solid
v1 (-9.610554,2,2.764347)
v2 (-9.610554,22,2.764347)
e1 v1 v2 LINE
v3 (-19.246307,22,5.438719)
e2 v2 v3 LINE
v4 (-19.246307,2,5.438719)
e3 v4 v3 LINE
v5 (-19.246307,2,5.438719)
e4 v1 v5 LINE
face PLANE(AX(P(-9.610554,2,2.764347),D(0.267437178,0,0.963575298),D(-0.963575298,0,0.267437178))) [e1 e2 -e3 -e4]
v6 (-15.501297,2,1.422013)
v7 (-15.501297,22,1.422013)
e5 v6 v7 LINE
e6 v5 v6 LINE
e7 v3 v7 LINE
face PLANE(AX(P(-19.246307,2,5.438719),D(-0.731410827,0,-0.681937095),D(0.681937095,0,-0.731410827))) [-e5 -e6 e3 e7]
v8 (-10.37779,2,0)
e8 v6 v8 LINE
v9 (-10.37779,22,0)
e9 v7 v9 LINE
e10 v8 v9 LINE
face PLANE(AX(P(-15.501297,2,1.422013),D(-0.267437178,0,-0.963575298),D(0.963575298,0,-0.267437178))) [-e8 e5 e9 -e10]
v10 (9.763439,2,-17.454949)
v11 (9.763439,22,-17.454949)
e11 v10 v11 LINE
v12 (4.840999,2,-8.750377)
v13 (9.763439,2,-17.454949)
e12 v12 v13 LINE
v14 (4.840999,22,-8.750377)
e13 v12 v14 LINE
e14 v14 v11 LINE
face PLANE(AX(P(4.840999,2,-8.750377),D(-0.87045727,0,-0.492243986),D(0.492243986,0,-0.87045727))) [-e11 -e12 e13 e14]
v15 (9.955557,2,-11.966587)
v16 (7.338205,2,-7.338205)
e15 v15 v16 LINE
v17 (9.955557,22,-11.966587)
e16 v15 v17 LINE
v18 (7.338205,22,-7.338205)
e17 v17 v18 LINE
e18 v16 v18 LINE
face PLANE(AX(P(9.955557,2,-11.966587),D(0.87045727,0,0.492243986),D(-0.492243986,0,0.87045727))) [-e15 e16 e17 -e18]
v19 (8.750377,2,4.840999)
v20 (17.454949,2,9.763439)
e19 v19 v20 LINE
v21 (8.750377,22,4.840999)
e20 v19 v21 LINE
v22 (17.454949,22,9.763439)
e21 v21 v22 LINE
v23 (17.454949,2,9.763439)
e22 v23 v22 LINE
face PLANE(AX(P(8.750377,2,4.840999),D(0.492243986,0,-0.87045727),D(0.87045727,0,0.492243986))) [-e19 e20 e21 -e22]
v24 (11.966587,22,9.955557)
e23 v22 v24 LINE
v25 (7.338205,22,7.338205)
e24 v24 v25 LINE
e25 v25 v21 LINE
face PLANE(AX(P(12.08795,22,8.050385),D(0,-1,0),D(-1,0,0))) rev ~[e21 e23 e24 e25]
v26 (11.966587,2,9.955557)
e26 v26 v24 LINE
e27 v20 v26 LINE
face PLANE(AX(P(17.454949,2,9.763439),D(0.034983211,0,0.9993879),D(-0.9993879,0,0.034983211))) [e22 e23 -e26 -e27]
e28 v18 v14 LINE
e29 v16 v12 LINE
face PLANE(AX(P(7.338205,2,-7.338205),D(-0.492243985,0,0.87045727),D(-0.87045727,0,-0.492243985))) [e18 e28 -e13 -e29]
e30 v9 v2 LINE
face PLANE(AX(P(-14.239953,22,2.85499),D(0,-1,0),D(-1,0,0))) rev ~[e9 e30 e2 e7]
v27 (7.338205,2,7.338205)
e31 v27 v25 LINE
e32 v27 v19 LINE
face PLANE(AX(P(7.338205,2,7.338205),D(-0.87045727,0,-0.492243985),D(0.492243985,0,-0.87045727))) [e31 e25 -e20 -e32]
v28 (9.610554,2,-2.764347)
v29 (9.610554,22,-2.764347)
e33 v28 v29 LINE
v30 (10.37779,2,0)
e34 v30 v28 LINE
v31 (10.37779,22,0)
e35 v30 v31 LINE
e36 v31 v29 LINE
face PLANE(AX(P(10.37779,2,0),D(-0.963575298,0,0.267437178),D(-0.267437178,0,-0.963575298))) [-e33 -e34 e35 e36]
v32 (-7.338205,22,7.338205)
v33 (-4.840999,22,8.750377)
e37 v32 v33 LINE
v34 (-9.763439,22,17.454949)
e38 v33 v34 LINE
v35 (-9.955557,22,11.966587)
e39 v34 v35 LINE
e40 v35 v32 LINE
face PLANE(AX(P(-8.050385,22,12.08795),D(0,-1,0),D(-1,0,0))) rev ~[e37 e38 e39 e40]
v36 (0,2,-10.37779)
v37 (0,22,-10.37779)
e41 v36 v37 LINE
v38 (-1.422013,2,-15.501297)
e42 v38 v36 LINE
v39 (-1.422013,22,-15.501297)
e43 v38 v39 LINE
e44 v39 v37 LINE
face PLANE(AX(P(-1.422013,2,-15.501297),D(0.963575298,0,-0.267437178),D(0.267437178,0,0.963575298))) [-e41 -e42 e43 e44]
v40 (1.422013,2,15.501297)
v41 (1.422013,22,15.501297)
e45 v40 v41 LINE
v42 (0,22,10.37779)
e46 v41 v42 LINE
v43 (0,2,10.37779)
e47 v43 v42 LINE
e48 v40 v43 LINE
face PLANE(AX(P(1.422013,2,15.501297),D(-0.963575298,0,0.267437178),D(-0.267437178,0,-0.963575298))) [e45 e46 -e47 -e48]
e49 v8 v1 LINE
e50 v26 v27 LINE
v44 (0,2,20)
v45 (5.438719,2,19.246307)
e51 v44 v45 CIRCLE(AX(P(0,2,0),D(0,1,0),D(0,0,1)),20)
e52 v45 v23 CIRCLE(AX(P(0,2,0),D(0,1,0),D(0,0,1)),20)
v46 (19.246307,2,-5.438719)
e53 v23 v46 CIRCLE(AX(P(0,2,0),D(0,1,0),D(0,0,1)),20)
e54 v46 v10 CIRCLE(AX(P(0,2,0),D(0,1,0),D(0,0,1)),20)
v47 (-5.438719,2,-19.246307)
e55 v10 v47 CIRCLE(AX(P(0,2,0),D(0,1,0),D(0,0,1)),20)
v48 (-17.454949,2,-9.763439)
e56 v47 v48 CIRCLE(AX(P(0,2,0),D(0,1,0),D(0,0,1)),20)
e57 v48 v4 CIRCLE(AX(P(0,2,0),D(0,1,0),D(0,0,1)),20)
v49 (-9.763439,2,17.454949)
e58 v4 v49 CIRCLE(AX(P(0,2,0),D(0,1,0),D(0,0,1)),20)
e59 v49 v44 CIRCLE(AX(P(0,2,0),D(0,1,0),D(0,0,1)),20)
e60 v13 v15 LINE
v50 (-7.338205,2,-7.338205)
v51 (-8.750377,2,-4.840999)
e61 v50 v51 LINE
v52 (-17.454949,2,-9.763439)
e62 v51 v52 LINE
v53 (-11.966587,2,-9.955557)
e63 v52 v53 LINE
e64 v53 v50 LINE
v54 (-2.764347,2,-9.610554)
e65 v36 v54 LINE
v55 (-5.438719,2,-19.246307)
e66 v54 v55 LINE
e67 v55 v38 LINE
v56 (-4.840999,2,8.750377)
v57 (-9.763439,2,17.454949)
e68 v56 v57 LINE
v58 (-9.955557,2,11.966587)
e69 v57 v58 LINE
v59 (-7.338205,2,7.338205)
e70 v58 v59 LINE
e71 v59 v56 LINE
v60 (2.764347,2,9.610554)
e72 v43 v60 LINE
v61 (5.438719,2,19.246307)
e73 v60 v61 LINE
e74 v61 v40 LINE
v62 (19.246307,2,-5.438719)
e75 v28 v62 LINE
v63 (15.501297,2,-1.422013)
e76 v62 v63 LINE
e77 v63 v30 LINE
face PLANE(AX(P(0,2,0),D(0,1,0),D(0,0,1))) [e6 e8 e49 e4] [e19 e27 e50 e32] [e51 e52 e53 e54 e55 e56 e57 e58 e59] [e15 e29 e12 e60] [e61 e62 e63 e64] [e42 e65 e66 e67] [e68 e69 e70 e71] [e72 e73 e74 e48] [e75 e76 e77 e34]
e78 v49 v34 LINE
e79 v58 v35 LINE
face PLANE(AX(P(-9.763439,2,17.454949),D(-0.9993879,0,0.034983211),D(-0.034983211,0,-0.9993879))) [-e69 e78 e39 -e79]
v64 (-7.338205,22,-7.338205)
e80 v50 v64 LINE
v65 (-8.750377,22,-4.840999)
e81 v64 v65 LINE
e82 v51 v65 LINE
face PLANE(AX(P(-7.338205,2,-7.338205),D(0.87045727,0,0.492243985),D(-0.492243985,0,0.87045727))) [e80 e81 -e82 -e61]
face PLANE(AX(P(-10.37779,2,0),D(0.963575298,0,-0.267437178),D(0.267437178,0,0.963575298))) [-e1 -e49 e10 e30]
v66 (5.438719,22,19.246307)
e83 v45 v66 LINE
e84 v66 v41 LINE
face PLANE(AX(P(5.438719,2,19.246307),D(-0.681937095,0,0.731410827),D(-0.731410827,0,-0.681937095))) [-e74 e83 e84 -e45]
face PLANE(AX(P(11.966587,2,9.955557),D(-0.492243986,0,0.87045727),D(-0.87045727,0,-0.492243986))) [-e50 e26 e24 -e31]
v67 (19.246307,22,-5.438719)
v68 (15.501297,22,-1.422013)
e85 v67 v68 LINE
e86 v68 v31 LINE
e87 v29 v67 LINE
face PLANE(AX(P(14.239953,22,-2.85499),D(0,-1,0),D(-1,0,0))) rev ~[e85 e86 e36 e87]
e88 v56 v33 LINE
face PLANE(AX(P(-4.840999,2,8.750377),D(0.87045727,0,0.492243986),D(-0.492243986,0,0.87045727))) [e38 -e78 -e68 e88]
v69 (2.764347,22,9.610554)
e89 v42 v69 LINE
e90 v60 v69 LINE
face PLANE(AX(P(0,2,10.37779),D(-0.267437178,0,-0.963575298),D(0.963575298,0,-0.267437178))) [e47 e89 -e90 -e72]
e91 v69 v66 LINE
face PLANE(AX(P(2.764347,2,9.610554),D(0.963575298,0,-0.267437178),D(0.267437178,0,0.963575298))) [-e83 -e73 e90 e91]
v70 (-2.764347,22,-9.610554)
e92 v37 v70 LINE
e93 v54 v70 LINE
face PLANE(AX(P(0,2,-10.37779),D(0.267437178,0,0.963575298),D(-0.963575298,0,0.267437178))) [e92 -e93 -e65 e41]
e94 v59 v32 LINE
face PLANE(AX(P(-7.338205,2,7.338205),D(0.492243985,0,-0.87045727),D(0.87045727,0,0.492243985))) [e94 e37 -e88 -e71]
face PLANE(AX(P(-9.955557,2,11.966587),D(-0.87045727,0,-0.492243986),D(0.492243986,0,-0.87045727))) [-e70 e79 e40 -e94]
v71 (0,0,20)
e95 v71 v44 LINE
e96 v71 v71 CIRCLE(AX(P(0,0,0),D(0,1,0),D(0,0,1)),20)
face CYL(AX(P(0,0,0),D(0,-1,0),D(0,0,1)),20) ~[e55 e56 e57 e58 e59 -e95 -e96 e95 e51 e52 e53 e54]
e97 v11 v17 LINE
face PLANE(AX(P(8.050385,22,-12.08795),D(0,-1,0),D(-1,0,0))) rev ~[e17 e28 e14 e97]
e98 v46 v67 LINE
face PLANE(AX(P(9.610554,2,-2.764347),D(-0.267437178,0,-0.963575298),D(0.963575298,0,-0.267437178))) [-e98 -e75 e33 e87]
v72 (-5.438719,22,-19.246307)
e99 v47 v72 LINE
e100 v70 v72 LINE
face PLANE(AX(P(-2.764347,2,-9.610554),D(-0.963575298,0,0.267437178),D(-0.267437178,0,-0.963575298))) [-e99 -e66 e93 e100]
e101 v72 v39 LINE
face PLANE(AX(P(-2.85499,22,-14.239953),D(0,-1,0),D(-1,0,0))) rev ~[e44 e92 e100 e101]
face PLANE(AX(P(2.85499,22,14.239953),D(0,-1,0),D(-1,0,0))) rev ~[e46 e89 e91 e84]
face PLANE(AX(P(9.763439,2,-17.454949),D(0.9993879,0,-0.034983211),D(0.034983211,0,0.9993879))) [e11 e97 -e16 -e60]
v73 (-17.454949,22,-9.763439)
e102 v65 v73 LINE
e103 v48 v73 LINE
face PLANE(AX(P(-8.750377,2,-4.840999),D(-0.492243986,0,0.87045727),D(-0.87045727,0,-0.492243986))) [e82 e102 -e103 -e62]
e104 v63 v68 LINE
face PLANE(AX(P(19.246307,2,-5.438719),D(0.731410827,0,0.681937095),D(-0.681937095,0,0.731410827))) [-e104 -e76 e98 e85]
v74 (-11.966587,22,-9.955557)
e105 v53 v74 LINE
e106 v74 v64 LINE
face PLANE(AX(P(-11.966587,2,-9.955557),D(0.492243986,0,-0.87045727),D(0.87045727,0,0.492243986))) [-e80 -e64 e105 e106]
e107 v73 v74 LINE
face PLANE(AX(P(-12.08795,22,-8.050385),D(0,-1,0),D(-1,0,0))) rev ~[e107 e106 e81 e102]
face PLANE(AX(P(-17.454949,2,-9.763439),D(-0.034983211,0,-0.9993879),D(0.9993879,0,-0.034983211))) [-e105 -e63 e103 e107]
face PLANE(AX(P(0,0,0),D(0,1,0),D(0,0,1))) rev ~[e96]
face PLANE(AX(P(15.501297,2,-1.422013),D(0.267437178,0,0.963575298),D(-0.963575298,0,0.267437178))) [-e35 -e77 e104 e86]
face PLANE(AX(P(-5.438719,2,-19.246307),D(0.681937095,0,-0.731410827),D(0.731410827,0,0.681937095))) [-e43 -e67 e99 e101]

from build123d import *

# Parameters (mm, degrees)
SKETCH_1_R      = 20
EXTRUDE_1_DEPTH = 2
EXTRUDE_2_DEPTH = 20


with BuildPart() as part:
    # 草图1 → 凸台-拉伸1 (new body)
    with BuildSketch(Plane(origin=(0, 0, 0), x_dir=(1, 0, 0), z_dir=(0, 1, 0))):
        with Locations(Location((0, 0, 0), (0, 0, 270))):
            Circle(SKETCH_1_R)
    extrude(amount=EXTRUDE_1_DEPTH)

    # 草图2 → 凸台-拉伸2 (add)
    with BuildSketch(Plane(origin=(0, 2, 0), x_dir=(1, 0, 0), z_dir=(0, 1, 0))):
        Polygon((1.422012769, -15.50129709), (0, -10.377789627), (2.764347063, -9.610554125), (5.438718845, -19.246307109), align=None)
        Polygon((-9.955557418, -11.966587161), (-7.338205419, -7.338205419), (-4.840999439, -8.750376546), (-9.763439294, -17.454949245), align=None)
        Polygon((-15.50129709, -1.422012769), (-10.377789627, 0), (-9.610554125, -2.764347063), (-19.246307109, -5.438718845), align=None)
        Polygon((-11.966587161, 9.955557418), (-7.338205419, 7.338205419), (-8.750376546, 4.840999439), (-17.454949245, 9.763439294), align=None)
        Polygon((-1.422012769, 15.50129709), (0, 10.377789627), (-2.764347063, 9.610554125), (-5.438718845, 19.246307109), align=None)
        Polygon((9.955557418, 11.966587161), (7.338205419, 7.338205419), (4.840999439, 8.750376546), (9.763439294, 17.454949245), align=None)
        Polygon((15.50129709, 1.422012769), (10.377789627, 0), (9.610554125, 2.764347063), (19.246307109, 5.438718845), align=None)
        Polygon((11.966587161, -9.955557418), (7.338205419, -7.338205419), (8.750376546, -4.840999439), (17.454949245, -9.763439294), align=None)
    extrude(amount=EXTRUDE_2_DEPTH)


solid = part.part
